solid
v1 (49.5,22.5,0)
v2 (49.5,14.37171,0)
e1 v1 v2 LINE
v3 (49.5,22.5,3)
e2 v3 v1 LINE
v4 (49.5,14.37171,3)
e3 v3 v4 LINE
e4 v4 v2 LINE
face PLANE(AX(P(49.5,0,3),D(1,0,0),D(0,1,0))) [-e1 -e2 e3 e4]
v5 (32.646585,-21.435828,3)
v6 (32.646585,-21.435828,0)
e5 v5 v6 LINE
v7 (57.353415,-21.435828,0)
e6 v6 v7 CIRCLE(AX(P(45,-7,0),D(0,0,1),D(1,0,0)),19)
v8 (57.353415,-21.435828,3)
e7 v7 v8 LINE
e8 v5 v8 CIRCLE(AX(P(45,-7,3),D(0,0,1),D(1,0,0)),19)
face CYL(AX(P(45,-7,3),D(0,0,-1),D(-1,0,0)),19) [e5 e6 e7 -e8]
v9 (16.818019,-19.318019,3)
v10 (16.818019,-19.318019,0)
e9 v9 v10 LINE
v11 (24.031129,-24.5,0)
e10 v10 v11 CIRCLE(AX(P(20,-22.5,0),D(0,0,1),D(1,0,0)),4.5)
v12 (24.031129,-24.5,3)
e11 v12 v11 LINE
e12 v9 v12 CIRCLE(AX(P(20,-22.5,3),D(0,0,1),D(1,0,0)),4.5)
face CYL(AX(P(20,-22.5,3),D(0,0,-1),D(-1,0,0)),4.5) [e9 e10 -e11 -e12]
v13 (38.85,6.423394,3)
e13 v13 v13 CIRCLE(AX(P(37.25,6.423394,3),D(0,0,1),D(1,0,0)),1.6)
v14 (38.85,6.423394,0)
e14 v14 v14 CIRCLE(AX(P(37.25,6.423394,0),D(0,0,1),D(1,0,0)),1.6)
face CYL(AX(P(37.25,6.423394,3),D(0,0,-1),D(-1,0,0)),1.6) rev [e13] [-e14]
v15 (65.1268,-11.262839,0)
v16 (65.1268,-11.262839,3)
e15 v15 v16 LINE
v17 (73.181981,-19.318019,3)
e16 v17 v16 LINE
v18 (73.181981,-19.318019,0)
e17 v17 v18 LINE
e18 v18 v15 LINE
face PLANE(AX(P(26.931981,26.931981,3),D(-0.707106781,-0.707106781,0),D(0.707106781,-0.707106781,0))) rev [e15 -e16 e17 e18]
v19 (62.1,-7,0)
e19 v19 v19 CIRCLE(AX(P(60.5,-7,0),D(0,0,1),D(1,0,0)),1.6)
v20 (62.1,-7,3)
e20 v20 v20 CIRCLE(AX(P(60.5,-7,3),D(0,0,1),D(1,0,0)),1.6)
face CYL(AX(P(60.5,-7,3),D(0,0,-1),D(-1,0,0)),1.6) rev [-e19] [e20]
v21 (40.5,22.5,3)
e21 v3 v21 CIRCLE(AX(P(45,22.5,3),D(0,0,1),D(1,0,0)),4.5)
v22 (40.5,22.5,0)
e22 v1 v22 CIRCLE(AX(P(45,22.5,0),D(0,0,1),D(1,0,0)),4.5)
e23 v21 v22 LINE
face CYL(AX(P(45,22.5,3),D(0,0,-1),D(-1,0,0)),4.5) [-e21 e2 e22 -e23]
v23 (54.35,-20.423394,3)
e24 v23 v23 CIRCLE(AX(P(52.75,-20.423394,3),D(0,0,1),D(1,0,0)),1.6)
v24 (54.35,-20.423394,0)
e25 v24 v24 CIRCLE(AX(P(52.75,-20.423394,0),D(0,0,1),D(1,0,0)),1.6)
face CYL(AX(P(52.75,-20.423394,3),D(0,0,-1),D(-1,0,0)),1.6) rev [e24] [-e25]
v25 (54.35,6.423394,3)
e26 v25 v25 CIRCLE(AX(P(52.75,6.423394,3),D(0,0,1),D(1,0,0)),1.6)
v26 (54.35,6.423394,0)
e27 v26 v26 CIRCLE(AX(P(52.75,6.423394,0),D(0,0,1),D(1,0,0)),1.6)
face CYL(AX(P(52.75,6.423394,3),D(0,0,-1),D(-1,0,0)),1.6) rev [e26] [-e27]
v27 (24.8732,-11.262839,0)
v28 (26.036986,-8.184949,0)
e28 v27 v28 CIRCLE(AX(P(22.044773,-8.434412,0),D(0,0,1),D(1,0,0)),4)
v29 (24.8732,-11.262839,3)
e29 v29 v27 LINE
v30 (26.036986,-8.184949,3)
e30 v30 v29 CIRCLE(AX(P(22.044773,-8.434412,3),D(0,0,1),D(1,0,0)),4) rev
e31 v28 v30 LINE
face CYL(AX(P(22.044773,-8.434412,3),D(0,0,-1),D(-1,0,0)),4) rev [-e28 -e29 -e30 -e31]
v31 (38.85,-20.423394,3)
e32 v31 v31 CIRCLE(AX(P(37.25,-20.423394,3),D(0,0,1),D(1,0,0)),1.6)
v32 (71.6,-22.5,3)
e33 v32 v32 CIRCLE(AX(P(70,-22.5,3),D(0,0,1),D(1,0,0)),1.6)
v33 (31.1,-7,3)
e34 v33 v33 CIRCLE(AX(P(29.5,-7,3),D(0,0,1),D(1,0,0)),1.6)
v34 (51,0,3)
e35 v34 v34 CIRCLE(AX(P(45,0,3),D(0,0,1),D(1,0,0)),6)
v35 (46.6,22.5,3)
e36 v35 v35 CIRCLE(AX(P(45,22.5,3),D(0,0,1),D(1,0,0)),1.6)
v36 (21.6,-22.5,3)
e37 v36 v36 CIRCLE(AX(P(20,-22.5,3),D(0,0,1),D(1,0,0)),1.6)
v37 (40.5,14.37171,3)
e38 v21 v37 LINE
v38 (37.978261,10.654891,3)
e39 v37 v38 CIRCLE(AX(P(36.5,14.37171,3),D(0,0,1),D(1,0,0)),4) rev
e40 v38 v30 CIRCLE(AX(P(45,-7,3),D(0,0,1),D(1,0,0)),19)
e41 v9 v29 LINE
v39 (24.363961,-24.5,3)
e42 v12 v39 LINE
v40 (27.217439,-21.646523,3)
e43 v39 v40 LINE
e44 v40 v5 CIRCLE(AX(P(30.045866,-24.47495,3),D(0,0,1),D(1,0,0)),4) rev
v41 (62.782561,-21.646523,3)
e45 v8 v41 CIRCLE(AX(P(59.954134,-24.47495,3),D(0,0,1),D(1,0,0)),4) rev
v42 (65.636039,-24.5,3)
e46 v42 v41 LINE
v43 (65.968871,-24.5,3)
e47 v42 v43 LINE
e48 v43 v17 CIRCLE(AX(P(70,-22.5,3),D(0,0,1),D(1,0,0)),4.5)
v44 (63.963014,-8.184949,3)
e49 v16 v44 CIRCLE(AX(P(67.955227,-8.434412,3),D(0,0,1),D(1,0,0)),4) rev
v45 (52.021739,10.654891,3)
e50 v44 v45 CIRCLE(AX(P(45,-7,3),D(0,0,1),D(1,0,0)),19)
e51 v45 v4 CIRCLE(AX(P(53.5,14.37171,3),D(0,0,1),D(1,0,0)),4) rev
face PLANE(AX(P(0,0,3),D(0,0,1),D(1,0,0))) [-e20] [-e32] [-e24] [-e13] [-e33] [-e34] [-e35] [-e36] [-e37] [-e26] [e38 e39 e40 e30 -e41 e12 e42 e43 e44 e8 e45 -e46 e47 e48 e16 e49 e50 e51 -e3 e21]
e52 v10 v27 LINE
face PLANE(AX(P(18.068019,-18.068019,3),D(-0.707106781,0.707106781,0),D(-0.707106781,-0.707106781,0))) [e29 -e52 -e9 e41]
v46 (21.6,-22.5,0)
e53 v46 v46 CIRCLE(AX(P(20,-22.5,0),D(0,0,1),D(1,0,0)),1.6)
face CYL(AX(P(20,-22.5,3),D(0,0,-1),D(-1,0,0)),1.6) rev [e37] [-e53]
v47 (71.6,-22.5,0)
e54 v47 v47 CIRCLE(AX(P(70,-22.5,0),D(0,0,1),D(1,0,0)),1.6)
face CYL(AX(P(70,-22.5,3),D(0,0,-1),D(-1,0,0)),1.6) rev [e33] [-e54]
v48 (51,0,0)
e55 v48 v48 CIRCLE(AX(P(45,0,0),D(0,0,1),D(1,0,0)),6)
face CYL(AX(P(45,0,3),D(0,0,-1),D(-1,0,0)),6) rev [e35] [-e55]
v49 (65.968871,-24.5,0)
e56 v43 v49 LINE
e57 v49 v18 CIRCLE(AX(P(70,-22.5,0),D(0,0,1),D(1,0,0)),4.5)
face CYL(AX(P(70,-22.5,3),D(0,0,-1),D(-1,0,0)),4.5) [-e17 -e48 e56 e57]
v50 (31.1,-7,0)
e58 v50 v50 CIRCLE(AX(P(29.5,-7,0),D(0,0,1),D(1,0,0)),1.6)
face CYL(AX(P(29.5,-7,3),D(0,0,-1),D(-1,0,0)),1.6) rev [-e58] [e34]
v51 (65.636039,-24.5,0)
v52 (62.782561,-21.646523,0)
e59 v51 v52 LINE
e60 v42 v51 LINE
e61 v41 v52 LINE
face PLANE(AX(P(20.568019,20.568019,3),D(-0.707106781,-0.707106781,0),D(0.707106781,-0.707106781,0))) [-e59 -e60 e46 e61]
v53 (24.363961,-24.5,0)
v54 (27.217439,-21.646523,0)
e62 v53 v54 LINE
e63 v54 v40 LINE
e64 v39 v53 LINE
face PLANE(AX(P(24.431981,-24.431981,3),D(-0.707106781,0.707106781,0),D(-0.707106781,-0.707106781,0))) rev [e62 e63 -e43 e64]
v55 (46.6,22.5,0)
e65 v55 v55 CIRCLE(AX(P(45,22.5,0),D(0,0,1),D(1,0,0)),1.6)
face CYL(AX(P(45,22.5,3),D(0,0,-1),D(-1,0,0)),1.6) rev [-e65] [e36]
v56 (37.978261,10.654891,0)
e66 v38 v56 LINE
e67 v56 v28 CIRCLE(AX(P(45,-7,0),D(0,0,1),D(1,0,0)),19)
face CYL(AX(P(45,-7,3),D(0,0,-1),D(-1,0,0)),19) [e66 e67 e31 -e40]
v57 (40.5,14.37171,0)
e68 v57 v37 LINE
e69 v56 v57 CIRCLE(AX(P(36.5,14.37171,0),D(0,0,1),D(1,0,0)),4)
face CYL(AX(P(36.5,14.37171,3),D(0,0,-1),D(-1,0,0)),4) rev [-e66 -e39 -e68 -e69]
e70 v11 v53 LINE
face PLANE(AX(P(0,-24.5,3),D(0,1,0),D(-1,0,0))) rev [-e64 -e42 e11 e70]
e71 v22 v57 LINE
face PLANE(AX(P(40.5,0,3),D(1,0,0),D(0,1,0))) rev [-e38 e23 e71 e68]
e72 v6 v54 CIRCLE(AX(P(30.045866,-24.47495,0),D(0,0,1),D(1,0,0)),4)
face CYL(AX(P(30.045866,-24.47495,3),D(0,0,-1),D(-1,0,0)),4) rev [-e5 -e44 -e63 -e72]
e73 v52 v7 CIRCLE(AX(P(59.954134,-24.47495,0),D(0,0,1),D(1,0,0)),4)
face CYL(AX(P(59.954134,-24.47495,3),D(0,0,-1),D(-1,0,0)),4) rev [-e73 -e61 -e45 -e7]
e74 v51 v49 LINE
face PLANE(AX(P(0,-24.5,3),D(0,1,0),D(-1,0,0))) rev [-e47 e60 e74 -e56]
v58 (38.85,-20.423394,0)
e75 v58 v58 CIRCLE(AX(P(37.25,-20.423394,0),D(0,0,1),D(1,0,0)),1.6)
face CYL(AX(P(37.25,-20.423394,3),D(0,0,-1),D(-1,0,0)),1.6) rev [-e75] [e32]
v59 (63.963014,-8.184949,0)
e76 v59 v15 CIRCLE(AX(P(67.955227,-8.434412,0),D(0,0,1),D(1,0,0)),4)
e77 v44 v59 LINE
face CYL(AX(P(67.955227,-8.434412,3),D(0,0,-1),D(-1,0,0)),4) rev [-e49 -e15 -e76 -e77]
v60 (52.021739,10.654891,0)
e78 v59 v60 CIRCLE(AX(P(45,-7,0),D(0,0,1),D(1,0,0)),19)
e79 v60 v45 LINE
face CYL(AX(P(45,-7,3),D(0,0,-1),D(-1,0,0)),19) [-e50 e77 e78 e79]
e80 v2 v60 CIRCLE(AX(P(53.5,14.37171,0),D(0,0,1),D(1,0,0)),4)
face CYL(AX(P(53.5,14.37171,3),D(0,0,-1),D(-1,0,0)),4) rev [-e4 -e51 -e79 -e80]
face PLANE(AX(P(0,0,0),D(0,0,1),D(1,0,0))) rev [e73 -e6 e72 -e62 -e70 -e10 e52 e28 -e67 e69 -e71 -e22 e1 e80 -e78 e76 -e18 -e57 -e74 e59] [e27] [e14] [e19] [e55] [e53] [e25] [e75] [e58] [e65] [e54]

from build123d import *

# Parameters (mm, degrees)
SKETCH_1_R      = 1.6
SKETCH_1_R_2    = 6
EXTRUDE_1_DEPTH = 3
FILLET_1_R      = 4


with BuildPart() as part:
    # 草图1 → 凸台-拉伸1 (new body)
    # profile 1 of 13: a face of its own
    with BuildSketch(Plane.XY):
        with BuildLine():
            ThreePointArc((64, -7), (59.941552797, 4.736694594), (49.5, 11.459414942))
            ThreePointArc((49.5, 11.459414942), (45, 12), (40.5, 11.459414942))
            ThreePointArc((40.5, 11.459414942), (29.2006815, 3.553745068), (26.224418371, -9.911620598))
            ThreePointArc((26.224418371, -9.911620598), (27.583310363, -14.593347225), (30.0887682, -18.775192831))
            ThreePointArc((30.0887682, -18.775192831), (33.483334572, -22.111797293), (37.600675707, -24.5))
            Line((37.600675707, -24.5), (52.399324293, -24.5))
            ThreePointArc((52.399324293, -24.5), (56.516665428, -22.111797293), (59.9112318, -18.775192831))
            ThreePointArc((59.9112318, -18.775192831), (62.416689637, -14.593347225), (63.775581629, -9.911620598))
            ThreePointArc((63.775581629, -9.911620598), (63.943812327, -8.460128257), (64, -7))
        make_face()
        with Locations((37.25, -20.423393759)):
            Circle(SKETCH_1_R, mode=Mode.SUBTRACT)
        with Locations((52.75, -20.423393759)):
            Circle(SKETCH_1_R, mode=Mode.SUBTRACT)
        with Locations((29.5, -7)):
            Circle(SKETCH_1_R, mode=Mode.SUBTRACT)
        with Locations((60.5, -7)):
            Circle(SKETCH_1_R, mode=Mode.SUBTRACT)
        with Locations((45, 0)):
            Circle(SKETCH_1_R_2, mode=Mode.SUBTRACT)
        with Locations((37.25, 6.423393759)):
            Circle(SKETCH_1_R, mode=Mode.SUBTRACT)
        with Locations((52.75, 6.423393759)):
            Circle(SKETCH_1_R, mode=Mode.SUBTRACT)
    # profile 2 of 13: a face of its own
    with BuildSketch(Plane.XY):
        with BuildLine():
            ThreePointArc((30.0887682, -18.775192831), (27.583310363, -14.593347225), (26.224418371, -9.911620598))
            Line((26.224418371, -9.911620598), (16.818019485, -19.318019485))
            ThreePointArc((16.818019485, -19.318019485), (21.722075446, -18.342542104), (24.5, -22.5))
            Line((24.5, -22.5), (24.5, -24.363961031))
            Line((24.5, -24.363961031), (30.0887682, -18.775192831))
        make_face()
    # profile 3 of 13: a face of its own
    with BuildSketch(Plane.XY):
        with BuildLine():
            ThreePointArc((24.5, -22.5), (21.722075446, -18.342542104), (16.818019485, -19.318019485))
            ThreePointArc((16.818019485, -19.318019485), (15.842542104, -20.777924554), (15.5, -22.5))
            ThreePointArc((15.5, -22.5), (15.61878556, -23.527112473), (15.968871126, -24.5))
            Line((15.968871126, -24.5), (24.031128874, -24.5))
            ThreePointArc((24.031128874, -24.5), (24.38121444, -23.527112473), (24.5, -22.5))
        make_face()
        with Locations((20, -22.5)):
            Circle(SKETCH_1_R, mode=Mode.SUBTRACT)
    # profile 4 of 13: a face of its own
    with BuildSketch(Plane.XY):
        with BuildLine():
            Line((24.031128874, -24.5), (15.968871126, -24.5))
            ThreePointArc((15.968871126, -24.5), (19.272310012, -26.940773275), (23.181980515, -25.681980515))
            ThreePointArc((23.181980515, -25.681980515), (23.654655422, -25.125546372), (24.031128874, -24.5))
        make_face()
    # profile 5 of 13: a face of its own
    with BuildSketch(Plane.XY):
        with BuildLine():
            ThreePointArc((66.818019485, -25.681980515), (70.727689988, -26.940773275), (74.031128874, -24.5))
            Line((74.031128874, -24.5), (65.968871126, -24.5))
            ThreePointArc((65.968871126, -24.5), (66.345344578, -25.125546372), (66.818019485, -25.681980515))
        make_face()
    # profile 6 of 13: a face of its own
    with BuildSketch(Plane.XY):
        with BuildLine():
            ThreePointArc((65.5, -22.5), (68.277924554, -18.342542104), (73.181980515, -19.318019485))
            Line((73.181980515, -19.318019485), (63.775581629, -9.911620598))
            ThreePointArc((63.775581629, -9.911620598), (62.416689637, -14.593347225), (59.9112318, -18.775192831))
            Line((59.9112318, -18.775192831), (65.5, -24.363961031))
            Line((65.5, -24.363961031), (65.5, -22.5))
        make_face()
    # profile 7 of 13: a face of its own
    with BuildSketch(Plane.XY):
        with BuildLine():
            Line((49.5, 11.459414942), (49.5, 22.5))
            ThreePointArc((49.5, 22.5), (45, 18), (40.5, 22.5))
            Line((40.5, 22.5), (40.5, 11.459414942))
            ThreePointArc((40.5, 11.459414942), (45, 12), (49.5, 11.459414942))
        make_face()
    # profile 8 of 13: a face of its own
    with BuildSketch(Plane.XY):
        with BuildLine():
            ThreePointArc((49.5, 22.5), (49.38121444, 23.527112473), (49.031128874, 24.5))
            Line((49.031128874, 24.5), (40.968871126, 24.5))
            ThreePointArc((40.968871126, 24.5), (40.61878556, 23.527112473), (40.5, 22.5))
            ThreePointArc((40.5, 22.5), (45, 18), (49.5, 22.5))
        make_face()
        with Locations((45, 22.5)):
            Circle(SKETCH_1_R, mode=Mode.SUBTRACT)
    # profile 9 of 13: a face of its own
    with BuildSketch(Plane.XY):
        with BuildLine():
            Line((40.968871126, 24.5), (49.031128874, 24.5))
            ThreePointArc((49.031128874, 24.5), (45, 27), (40.968871126, 24.5))
        make_face()
    # profile 10 of 13: a face of its own
    with BuildSketch(Plane.XY):
        with BuildLine():
            Line((24.5, -24.363961031), (24.5, -22.5))
            ThreePointArc((24.5, -22.5), (24.38121444, -23.527112473), (24.031128874, -24.5))
            Line((24.031128874, -24.5), (24.363961031, -24.5))
            Line((24.363961031, -24.5), (24.5, -24.363961031))
        make_face()
    # profile 11 of 13: a face of its own
    with BuildSketch(Plane.XY):
        with BuildLine():
            Line((65.636038969, -24.5), (65.968871126, -24.5))
            ThreePointArc((65.968871126, -24.5), (65.61878556, -23.527112473), (65.5, -22.5))
            Line((65.5, -22.5), (65.5, -24.363961031))
            Line((65.5, -24.363961031), (65.636038969, -24.5))
        make_face()
    # profile 12 of 13: a face of its own
    with BuildSketch(Plane.XY):
        with BuildLine():
            Line((65.968871126, -24.5), (74.031128874, -24.5))
            ThreePointArc((74.031128874, -24.5), (74.38121444, -23.527112473), (74.5, -22.5))
            ThreePointArc((74.5, -22.5), (74.157457896, -20.777924554), (73.181980515, -19.318019485))
            ThreePointArc((73.181980515, -19.318019485), (68.277924554, -18.342542104), (65.5, -22.5))
            ThreePointArc((65.5, -22.5), (65.61878556, -23.527112473), (65.968871126, -24.5))
        make_face()
        with Locations((70, -22.5)):
            Circle(SKETCH_1_R, mode=Mode.SUBTRACT)
    # profile 13 of 13: a face of its own
    with BuildSketch(Plane.XY):
        with BuildLine():
            ThreePointArc((37.600675707, -24.5), (45, -26), (52.399324293, -24.5))
            Line((52.399324293, -24.5), (37.600675707, -24.5))
        make_face()
    extrude(amount=EXTRUDE_1_DEPTH)

    # 圆角1
    fillet_1_edges = [part.edges().sort_by_distance(p)[0] for p in [
        (59.9112318, -18.775192831, 1.5),
        (30.0887682, -18.775192831, 1.5),
        (26.224418371, -9.911620598, 1.5),
        (40.5, 11.459414942, 1.5),
        (49.5, 11.459414942, 1.5),
        (63.775581629, -9.911620598, 1.5),
    ]]
    fillet(fillet_1_edges, radius=FILLET_1_R)


solid = part.part
